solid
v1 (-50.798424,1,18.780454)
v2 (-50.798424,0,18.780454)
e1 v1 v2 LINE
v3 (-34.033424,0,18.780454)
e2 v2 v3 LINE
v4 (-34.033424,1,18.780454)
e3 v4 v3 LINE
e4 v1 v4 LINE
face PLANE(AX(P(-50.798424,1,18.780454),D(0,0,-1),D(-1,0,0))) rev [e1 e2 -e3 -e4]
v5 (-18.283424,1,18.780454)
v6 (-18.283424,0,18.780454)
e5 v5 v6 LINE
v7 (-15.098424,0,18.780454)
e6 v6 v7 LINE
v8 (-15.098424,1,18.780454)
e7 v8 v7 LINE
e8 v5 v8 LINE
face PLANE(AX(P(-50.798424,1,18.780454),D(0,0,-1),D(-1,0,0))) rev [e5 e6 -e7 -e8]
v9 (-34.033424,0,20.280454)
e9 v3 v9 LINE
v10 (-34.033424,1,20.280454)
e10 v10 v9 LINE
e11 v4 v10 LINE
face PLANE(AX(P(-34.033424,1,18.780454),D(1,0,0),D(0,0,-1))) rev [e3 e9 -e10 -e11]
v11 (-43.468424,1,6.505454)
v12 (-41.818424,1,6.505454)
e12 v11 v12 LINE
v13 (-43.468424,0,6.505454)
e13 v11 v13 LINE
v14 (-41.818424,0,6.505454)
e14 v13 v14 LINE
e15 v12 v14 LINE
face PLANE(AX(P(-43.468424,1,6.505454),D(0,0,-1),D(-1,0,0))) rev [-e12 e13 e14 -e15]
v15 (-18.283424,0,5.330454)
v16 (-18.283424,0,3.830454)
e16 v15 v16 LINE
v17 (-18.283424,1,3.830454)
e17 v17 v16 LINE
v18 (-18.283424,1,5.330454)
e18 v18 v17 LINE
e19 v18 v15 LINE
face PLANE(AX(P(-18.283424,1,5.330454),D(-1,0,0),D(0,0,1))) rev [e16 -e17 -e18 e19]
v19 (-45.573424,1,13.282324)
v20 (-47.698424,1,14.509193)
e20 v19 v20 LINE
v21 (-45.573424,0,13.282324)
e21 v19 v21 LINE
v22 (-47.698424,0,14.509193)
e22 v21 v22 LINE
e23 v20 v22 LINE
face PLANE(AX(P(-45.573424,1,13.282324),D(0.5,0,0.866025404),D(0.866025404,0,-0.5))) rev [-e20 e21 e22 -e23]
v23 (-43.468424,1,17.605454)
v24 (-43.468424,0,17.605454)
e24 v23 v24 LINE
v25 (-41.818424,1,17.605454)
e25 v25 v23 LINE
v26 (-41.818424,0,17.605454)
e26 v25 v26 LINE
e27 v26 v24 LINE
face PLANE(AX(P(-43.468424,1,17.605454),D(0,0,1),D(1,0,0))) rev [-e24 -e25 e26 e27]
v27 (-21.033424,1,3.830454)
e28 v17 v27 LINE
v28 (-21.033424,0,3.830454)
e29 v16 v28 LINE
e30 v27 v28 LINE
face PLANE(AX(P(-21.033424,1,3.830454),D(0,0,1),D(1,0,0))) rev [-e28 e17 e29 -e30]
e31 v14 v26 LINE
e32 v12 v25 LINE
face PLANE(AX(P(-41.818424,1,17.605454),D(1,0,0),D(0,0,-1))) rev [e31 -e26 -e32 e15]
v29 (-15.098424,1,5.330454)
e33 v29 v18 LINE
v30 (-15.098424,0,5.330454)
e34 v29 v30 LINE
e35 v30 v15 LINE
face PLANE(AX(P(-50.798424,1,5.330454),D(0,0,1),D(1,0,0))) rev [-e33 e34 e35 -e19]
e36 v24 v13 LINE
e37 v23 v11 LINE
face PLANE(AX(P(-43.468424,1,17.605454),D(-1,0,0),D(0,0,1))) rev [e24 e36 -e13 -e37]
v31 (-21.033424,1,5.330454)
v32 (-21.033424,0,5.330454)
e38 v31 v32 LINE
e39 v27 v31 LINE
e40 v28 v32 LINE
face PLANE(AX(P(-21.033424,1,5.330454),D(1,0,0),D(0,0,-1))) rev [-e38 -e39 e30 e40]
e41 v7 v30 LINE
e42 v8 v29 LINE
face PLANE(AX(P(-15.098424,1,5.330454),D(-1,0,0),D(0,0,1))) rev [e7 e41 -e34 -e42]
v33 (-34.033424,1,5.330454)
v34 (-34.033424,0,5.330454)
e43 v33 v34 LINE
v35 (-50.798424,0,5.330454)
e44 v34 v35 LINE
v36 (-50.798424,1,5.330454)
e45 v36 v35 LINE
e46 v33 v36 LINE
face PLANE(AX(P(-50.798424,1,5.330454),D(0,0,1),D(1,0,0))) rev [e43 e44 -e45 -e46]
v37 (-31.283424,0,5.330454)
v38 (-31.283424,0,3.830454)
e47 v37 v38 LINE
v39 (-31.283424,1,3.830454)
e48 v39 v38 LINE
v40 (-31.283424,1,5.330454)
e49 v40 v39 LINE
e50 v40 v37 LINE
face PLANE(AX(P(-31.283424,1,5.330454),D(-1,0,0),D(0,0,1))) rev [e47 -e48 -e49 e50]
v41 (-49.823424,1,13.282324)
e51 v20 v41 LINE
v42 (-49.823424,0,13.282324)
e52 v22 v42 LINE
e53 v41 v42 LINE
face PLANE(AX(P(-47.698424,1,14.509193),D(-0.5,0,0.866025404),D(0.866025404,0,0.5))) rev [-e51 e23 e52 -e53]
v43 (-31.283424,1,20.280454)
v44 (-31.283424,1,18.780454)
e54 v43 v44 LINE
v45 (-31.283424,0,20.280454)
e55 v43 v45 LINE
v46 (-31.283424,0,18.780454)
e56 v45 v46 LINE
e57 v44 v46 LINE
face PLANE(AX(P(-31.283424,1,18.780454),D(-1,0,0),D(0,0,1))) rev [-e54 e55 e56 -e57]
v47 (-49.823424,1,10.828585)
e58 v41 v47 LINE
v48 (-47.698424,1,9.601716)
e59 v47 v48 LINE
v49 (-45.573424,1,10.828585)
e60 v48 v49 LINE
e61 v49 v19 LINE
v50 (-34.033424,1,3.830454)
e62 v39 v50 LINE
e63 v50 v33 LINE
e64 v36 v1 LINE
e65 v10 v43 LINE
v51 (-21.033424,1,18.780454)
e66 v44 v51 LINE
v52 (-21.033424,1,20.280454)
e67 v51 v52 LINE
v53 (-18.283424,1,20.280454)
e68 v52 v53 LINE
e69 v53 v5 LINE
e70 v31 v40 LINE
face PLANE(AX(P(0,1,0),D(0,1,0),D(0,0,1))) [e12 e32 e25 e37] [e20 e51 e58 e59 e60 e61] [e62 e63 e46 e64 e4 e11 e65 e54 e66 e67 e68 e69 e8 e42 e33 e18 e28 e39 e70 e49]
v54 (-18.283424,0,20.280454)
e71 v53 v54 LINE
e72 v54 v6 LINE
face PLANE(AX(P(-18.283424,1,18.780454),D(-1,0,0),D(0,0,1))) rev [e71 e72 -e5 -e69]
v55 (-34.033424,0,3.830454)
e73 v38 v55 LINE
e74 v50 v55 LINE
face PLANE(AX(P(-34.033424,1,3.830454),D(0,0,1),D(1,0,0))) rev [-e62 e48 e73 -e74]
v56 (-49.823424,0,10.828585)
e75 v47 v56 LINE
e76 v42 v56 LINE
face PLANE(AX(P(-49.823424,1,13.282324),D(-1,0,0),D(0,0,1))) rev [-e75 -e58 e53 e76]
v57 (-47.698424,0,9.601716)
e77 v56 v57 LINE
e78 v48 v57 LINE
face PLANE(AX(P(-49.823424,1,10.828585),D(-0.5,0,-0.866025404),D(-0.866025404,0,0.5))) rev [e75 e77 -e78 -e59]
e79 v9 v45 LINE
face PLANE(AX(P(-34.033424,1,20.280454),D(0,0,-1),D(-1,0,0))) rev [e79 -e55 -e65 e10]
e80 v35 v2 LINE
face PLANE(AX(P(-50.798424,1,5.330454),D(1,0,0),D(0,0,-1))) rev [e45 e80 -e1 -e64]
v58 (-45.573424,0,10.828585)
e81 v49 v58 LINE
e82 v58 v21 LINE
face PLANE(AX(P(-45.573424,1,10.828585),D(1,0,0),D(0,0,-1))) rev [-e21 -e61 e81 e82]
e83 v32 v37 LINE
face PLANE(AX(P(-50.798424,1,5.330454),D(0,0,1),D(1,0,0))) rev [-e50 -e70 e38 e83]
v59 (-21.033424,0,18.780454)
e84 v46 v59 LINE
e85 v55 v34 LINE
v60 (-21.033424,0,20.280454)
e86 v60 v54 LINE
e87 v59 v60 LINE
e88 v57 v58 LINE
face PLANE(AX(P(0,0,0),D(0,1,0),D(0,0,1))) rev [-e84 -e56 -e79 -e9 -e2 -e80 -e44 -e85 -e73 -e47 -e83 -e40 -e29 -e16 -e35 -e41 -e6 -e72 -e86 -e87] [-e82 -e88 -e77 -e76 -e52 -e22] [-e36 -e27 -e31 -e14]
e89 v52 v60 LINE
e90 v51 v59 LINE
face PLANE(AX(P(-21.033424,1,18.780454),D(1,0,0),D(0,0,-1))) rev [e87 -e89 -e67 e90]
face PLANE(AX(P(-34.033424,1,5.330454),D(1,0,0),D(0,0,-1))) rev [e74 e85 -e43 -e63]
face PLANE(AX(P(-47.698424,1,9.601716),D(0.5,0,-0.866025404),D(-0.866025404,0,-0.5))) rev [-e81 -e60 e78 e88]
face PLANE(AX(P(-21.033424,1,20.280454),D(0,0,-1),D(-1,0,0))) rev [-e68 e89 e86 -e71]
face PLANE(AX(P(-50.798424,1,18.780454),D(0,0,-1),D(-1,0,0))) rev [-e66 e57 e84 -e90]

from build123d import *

# Parameters (mm, degrees)
SKETCH1_W              = 35.7
SKETCH1_H              = 13.45
BOSS_EXTRUDE1_DEPTH    = 1
SKETCH2_W              = 2.75
SKETCH2_H              = 1.5
BOSS_EXTRUDE2_DEPTH    = 1
SKETCH3_W              = 1.65
SKETCH3_H              = 11.1
ADAPTER_PCB_HOLE_DEPTH = 1
CUT_EXTRUDE2_DEPTH     = 1


with BuildPart() as part:
    # Sketch1 → Boss-Extrude1 (new body)
    with BuildSketch(Plane(origin=(0, 0, 0), x_dir=(1, 0, 0), z_dir=(0, 1, 0))):
        with Locations((-32.948423651, -12.055454233)):
            Rectangle(SKETCH1_W, SKETCH1_H)
    extrude(amount=BOSS_EXTRUDE1_DEPTH)

    # Sketch2 → Boss-Extrude2 (add)
    with BuildSketch(Plane(origin=(0, 0, 0), x_dir=(1, 0, 0), z_dir=(0, 1, 0))):
        with Locations((-32.658423651, -4.580454233)):
            Rectangle(SKETCH2_W, SKETCH2_H)
        with Locations((-32.658423651, -19.530454233)):
            Rectangle(SKETCH2_W, SKETCH2_H)
        with Locations((-19.658423651, -4.580454233)):
            Rectangle(SKETCH2_W, SKETCH2_H)
        with Locations((-19.658423651, -19.530454233)):
            Rectangle(SKETCH2_W, SKETCH2_H)
    extrude(amount=BOSS_EXTRUDE2_DEPTH)

    # Sketch3 → adapter_PCB_hole (cut)
    with BuildSketch(Plane(origin=(0, 0, 0), x_dir=(-1, 0, 0), z_dir=(0, -1, 0))):
        with Locations((42.643423651, -12.055454233)):
            Rectangle(SKETCH3_W, SKETCH3_H)
    extrude(amount=-ADAPTER_PCB_HOLE_DEPTH, mode=Mode.SUBTRACT)

    # Sketch4 → Cut-Extrude2 (cut)
    with BuildSketch(Plane(origin=(0, 0, 0), x_dir=(-1, 0, 0), z_dir=(0, -1, 0))):
        Polygon((49.823423651, -13.282323555), (49.823423651, -10.828584911), (47.698423651, -9.601715589), (45.573423651, -10.828584911), (45.573423651, -13.282323555), (47.698423651, -14.509192877), align=None)
    extrude(amount=-CUT_EXTRUDE2_DEPTH, mode=Mode.SUBTRACT)


solid = part.part
